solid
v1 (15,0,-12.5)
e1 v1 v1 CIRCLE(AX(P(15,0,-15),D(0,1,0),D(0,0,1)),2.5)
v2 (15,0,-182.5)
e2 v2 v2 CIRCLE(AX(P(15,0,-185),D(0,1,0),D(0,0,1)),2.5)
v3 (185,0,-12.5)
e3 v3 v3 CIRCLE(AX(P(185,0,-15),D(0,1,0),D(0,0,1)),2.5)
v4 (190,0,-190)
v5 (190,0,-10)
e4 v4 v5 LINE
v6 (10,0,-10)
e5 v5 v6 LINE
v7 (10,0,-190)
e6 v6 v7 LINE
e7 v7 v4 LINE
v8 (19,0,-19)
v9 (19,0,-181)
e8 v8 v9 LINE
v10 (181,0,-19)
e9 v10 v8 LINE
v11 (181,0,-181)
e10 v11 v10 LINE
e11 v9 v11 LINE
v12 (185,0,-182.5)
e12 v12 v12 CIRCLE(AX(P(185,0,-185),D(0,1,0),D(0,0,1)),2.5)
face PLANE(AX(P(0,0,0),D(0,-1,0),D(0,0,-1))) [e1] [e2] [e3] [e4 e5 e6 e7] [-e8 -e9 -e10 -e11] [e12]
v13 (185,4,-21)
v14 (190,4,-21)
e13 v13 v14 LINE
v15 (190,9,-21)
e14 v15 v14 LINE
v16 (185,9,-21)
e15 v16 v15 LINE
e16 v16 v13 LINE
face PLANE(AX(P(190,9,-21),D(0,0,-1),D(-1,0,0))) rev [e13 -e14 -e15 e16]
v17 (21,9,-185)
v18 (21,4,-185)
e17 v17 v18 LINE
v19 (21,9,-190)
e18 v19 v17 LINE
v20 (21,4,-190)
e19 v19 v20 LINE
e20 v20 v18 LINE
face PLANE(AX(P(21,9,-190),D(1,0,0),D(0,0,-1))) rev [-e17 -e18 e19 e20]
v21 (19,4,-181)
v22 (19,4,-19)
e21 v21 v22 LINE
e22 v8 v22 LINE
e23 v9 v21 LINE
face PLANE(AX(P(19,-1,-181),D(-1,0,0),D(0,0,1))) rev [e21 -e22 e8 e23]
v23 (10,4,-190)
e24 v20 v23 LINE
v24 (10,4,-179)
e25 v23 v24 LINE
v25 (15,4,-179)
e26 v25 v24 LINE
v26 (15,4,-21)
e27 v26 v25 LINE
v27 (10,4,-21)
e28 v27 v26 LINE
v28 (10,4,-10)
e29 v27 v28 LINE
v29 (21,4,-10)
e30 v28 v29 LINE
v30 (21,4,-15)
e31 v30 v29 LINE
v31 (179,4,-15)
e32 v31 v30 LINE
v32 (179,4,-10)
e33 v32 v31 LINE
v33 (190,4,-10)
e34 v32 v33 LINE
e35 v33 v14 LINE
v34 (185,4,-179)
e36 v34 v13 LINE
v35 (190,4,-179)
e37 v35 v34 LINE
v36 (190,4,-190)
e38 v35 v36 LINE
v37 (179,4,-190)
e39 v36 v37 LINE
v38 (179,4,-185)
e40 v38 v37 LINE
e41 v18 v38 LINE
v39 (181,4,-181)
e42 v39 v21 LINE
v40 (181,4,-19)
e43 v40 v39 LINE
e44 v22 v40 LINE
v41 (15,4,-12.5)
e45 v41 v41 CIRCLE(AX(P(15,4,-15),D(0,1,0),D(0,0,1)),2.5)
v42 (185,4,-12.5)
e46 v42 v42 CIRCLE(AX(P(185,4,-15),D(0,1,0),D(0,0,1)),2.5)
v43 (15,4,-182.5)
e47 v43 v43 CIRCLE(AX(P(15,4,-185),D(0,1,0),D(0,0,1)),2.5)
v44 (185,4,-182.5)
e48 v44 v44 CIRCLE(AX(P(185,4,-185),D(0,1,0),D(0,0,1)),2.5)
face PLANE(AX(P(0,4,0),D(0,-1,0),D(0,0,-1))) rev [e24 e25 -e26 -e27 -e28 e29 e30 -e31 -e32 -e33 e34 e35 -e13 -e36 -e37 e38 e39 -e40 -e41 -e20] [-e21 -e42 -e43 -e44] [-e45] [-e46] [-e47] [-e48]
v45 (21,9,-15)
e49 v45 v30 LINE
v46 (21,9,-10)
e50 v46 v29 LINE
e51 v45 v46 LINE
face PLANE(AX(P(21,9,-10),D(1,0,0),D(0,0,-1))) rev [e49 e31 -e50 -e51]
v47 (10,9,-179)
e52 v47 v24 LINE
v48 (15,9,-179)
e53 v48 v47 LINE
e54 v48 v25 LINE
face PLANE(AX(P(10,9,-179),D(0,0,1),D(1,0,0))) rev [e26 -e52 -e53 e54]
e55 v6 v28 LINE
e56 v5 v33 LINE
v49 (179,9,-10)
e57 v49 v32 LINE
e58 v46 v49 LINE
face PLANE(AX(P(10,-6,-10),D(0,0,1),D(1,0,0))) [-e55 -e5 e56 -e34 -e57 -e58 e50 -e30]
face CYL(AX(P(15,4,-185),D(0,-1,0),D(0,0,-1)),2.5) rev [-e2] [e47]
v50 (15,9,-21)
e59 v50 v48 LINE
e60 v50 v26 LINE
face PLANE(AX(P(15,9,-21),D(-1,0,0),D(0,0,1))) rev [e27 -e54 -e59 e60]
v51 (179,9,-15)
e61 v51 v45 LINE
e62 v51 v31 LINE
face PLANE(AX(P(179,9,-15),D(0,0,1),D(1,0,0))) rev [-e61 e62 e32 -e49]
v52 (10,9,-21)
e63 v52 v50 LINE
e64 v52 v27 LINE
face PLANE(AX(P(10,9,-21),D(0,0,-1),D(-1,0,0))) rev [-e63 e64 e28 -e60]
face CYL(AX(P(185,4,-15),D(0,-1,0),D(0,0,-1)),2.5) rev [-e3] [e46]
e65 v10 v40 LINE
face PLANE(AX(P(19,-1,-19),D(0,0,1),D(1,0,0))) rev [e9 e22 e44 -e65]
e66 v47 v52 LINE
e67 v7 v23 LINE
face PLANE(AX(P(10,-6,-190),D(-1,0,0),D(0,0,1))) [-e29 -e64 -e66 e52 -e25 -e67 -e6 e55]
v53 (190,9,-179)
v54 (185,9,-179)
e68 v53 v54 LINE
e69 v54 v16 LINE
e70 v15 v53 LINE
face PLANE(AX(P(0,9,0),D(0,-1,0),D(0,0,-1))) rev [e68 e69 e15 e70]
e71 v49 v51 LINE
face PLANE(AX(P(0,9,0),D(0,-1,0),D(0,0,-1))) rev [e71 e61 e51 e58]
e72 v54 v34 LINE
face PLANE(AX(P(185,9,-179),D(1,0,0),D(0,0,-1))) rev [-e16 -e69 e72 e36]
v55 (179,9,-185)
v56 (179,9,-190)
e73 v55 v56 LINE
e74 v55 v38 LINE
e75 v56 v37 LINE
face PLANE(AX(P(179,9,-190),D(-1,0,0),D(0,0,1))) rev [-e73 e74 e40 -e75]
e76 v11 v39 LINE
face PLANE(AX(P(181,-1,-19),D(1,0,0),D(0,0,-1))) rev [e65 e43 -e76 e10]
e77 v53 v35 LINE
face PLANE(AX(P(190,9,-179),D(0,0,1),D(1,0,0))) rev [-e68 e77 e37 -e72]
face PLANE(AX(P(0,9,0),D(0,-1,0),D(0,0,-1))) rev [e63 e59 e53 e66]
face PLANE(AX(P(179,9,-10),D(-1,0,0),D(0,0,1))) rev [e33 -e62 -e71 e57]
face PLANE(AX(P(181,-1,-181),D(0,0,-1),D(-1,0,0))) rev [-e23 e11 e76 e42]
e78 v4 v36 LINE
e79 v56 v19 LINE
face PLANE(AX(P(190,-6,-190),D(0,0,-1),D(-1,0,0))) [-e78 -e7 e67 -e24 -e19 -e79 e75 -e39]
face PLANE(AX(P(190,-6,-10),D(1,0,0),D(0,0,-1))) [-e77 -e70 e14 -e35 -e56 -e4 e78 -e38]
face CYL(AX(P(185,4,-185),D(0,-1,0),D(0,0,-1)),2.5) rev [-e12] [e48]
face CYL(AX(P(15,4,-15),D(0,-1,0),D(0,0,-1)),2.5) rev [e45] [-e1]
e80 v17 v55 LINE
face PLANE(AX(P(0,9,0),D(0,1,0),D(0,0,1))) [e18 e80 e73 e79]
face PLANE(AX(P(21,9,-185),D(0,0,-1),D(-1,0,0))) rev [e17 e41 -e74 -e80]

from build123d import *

# Parameters (mm, degrees)
CROQUIS1_W              = 200
CROQUIS1_H              = 200
CROQUIS1_R              = 2.5
SALIENTE_EXTRUIR1_DEPTH = 4
CROQUIS2_W              = 158
CROQUIS2_H              = 158
CORTAR_EXTRUIR1_DEPTH   = 10
CROQUIS3_W              = 200
CROQUIS3_H              = 200
CROQUIS3_W_2            = 180
CROQUIS3_H_2            = 180
CORTAR_EXTRUIR2_DEPTH   = 10
CROQUIS4_W              = 158
CROQUIS4_H              = 5
CROQUIS4_W_2            = 5
CROQUIS4_H_2            = 158
SALIENTE_EXTRUIR2_DEPTH = 5
CROQUIS5_W              = 162
CROQUIS5_H              = 162
CROQUIS5_W_2            = 158
CROQUIS5_H_2            = 158
CORTAR_EXTRUIR4_DEPTH   = 5


with BuildPart() as part:
    # Croquis1 → Saliente-Extruir1 (new body)
    with BuildSketch(Plane(origin=(0, 0, 0), x_dir=(1, 0, 0), z_dir=(0, 1, 0))):
        with Locations((100, 100)):
            Rectangle(CROQUIS1_W, CROQUIS1_H)
        with Locations(Location((15, 185, 0), (0, 0, 270))):
            Circle(CROQUIS1_R, mode=Mode.SUBTRACT)
        with Locations(Location((185, 185, 0), (0, 0, 270))):
            Circle(CROQUIS1_R, mode=Mode.SUBTRACT)
        with Locations(Location((185, 15, 0), (0, 0, 270))):
            Circle(CROQUIS1_R, mode=Mode.SUBTRACT)
        with Locations(Location((15, 15, 0), (0, 0, 270))):
            Circle(CROQUIS1_R, mode=Mode.SUBTRACT)
    extrude(amount=SALIENTE_EXTRUIR1_DEPTH)

    # Croquis2 → Cortar-Extruir1 (cut)
    with BuildSketch(Plane(origin=(0, 4, 0), x_dir=(1, 0, 0), z_dir=(0, 1, 0))):
        with Locations((100, 100)):
            Rectangle(CROQUIS2_W, CROQUIS2_H)
    extrude(amount=-CORTAR_EXTRUIR1_DEPTH, mode=Mode.SUBTRACT)

    # Croquis3 → Cortar-Extruir2 (cut)
    with BuildSketch(Plane(origin=(0, 4, 0), x_dir=(1, 0, 0), z_dir=(0, 1, 0))):
        with Locations((100, 100)):
            Rectangle(CROQUIS3_W, CROQUIS3_H)
        with Locations((100, 100)):
            Rectangle(CROQUIS3_W_2, CROQUIS3_H_2, mode=Mode.SUBTRACT)
    extrude(amount=-CORTAR_EXTRUIR2_DEPTH, mode=Mode.SUBTRACT)

    # Croquis4 → Saliente-Extruir2 (add)
    with BuildSketch(Plane(origin=(0, 4, 0), x_dir=(1, 0, 0), z_dir=(0, 1, 0))):
        with Locations((100, 187.5)):
            Rectangle(CROQUIS4_W, CROQUIS4_H)
        with Locations((187.5, 100)):
            Rectangle(CROQUIS4_W_2, CROQUIS4_H_2)
        with Locations((100, 12.5)):
            Rectangle(CROQUIS4_W, CROQUIS4_H)
        with Locations((12.5, 100)):
            Rectangle(CROQUIS4_W_2, CROQUIS4_H_2)
    extrude(amount=SALIENTE_EXTRUIR2_DEPTH)

    # Croquis5 → Cortar-Extruir4 (cut)
    with BuildSketch(Plane(origin=(0, 4, 0), x_dir=(1, 0, 0), z_dir=(0, 1, 0))):
        with Locations((100, 100)):
            Rectangle(CROQUIS5_W, CROQUIS5_H)
        with Locations((100, 100)):
            Rectangle(CROQUIS5_W_2, CROQUIS5_H_2, mode=Mode.SUBTRACT)
    extrude(amount=-CORTAR_EXTRUIR4_DEPTH, mode=Mode.SUBTRACT)


solid = part.part
